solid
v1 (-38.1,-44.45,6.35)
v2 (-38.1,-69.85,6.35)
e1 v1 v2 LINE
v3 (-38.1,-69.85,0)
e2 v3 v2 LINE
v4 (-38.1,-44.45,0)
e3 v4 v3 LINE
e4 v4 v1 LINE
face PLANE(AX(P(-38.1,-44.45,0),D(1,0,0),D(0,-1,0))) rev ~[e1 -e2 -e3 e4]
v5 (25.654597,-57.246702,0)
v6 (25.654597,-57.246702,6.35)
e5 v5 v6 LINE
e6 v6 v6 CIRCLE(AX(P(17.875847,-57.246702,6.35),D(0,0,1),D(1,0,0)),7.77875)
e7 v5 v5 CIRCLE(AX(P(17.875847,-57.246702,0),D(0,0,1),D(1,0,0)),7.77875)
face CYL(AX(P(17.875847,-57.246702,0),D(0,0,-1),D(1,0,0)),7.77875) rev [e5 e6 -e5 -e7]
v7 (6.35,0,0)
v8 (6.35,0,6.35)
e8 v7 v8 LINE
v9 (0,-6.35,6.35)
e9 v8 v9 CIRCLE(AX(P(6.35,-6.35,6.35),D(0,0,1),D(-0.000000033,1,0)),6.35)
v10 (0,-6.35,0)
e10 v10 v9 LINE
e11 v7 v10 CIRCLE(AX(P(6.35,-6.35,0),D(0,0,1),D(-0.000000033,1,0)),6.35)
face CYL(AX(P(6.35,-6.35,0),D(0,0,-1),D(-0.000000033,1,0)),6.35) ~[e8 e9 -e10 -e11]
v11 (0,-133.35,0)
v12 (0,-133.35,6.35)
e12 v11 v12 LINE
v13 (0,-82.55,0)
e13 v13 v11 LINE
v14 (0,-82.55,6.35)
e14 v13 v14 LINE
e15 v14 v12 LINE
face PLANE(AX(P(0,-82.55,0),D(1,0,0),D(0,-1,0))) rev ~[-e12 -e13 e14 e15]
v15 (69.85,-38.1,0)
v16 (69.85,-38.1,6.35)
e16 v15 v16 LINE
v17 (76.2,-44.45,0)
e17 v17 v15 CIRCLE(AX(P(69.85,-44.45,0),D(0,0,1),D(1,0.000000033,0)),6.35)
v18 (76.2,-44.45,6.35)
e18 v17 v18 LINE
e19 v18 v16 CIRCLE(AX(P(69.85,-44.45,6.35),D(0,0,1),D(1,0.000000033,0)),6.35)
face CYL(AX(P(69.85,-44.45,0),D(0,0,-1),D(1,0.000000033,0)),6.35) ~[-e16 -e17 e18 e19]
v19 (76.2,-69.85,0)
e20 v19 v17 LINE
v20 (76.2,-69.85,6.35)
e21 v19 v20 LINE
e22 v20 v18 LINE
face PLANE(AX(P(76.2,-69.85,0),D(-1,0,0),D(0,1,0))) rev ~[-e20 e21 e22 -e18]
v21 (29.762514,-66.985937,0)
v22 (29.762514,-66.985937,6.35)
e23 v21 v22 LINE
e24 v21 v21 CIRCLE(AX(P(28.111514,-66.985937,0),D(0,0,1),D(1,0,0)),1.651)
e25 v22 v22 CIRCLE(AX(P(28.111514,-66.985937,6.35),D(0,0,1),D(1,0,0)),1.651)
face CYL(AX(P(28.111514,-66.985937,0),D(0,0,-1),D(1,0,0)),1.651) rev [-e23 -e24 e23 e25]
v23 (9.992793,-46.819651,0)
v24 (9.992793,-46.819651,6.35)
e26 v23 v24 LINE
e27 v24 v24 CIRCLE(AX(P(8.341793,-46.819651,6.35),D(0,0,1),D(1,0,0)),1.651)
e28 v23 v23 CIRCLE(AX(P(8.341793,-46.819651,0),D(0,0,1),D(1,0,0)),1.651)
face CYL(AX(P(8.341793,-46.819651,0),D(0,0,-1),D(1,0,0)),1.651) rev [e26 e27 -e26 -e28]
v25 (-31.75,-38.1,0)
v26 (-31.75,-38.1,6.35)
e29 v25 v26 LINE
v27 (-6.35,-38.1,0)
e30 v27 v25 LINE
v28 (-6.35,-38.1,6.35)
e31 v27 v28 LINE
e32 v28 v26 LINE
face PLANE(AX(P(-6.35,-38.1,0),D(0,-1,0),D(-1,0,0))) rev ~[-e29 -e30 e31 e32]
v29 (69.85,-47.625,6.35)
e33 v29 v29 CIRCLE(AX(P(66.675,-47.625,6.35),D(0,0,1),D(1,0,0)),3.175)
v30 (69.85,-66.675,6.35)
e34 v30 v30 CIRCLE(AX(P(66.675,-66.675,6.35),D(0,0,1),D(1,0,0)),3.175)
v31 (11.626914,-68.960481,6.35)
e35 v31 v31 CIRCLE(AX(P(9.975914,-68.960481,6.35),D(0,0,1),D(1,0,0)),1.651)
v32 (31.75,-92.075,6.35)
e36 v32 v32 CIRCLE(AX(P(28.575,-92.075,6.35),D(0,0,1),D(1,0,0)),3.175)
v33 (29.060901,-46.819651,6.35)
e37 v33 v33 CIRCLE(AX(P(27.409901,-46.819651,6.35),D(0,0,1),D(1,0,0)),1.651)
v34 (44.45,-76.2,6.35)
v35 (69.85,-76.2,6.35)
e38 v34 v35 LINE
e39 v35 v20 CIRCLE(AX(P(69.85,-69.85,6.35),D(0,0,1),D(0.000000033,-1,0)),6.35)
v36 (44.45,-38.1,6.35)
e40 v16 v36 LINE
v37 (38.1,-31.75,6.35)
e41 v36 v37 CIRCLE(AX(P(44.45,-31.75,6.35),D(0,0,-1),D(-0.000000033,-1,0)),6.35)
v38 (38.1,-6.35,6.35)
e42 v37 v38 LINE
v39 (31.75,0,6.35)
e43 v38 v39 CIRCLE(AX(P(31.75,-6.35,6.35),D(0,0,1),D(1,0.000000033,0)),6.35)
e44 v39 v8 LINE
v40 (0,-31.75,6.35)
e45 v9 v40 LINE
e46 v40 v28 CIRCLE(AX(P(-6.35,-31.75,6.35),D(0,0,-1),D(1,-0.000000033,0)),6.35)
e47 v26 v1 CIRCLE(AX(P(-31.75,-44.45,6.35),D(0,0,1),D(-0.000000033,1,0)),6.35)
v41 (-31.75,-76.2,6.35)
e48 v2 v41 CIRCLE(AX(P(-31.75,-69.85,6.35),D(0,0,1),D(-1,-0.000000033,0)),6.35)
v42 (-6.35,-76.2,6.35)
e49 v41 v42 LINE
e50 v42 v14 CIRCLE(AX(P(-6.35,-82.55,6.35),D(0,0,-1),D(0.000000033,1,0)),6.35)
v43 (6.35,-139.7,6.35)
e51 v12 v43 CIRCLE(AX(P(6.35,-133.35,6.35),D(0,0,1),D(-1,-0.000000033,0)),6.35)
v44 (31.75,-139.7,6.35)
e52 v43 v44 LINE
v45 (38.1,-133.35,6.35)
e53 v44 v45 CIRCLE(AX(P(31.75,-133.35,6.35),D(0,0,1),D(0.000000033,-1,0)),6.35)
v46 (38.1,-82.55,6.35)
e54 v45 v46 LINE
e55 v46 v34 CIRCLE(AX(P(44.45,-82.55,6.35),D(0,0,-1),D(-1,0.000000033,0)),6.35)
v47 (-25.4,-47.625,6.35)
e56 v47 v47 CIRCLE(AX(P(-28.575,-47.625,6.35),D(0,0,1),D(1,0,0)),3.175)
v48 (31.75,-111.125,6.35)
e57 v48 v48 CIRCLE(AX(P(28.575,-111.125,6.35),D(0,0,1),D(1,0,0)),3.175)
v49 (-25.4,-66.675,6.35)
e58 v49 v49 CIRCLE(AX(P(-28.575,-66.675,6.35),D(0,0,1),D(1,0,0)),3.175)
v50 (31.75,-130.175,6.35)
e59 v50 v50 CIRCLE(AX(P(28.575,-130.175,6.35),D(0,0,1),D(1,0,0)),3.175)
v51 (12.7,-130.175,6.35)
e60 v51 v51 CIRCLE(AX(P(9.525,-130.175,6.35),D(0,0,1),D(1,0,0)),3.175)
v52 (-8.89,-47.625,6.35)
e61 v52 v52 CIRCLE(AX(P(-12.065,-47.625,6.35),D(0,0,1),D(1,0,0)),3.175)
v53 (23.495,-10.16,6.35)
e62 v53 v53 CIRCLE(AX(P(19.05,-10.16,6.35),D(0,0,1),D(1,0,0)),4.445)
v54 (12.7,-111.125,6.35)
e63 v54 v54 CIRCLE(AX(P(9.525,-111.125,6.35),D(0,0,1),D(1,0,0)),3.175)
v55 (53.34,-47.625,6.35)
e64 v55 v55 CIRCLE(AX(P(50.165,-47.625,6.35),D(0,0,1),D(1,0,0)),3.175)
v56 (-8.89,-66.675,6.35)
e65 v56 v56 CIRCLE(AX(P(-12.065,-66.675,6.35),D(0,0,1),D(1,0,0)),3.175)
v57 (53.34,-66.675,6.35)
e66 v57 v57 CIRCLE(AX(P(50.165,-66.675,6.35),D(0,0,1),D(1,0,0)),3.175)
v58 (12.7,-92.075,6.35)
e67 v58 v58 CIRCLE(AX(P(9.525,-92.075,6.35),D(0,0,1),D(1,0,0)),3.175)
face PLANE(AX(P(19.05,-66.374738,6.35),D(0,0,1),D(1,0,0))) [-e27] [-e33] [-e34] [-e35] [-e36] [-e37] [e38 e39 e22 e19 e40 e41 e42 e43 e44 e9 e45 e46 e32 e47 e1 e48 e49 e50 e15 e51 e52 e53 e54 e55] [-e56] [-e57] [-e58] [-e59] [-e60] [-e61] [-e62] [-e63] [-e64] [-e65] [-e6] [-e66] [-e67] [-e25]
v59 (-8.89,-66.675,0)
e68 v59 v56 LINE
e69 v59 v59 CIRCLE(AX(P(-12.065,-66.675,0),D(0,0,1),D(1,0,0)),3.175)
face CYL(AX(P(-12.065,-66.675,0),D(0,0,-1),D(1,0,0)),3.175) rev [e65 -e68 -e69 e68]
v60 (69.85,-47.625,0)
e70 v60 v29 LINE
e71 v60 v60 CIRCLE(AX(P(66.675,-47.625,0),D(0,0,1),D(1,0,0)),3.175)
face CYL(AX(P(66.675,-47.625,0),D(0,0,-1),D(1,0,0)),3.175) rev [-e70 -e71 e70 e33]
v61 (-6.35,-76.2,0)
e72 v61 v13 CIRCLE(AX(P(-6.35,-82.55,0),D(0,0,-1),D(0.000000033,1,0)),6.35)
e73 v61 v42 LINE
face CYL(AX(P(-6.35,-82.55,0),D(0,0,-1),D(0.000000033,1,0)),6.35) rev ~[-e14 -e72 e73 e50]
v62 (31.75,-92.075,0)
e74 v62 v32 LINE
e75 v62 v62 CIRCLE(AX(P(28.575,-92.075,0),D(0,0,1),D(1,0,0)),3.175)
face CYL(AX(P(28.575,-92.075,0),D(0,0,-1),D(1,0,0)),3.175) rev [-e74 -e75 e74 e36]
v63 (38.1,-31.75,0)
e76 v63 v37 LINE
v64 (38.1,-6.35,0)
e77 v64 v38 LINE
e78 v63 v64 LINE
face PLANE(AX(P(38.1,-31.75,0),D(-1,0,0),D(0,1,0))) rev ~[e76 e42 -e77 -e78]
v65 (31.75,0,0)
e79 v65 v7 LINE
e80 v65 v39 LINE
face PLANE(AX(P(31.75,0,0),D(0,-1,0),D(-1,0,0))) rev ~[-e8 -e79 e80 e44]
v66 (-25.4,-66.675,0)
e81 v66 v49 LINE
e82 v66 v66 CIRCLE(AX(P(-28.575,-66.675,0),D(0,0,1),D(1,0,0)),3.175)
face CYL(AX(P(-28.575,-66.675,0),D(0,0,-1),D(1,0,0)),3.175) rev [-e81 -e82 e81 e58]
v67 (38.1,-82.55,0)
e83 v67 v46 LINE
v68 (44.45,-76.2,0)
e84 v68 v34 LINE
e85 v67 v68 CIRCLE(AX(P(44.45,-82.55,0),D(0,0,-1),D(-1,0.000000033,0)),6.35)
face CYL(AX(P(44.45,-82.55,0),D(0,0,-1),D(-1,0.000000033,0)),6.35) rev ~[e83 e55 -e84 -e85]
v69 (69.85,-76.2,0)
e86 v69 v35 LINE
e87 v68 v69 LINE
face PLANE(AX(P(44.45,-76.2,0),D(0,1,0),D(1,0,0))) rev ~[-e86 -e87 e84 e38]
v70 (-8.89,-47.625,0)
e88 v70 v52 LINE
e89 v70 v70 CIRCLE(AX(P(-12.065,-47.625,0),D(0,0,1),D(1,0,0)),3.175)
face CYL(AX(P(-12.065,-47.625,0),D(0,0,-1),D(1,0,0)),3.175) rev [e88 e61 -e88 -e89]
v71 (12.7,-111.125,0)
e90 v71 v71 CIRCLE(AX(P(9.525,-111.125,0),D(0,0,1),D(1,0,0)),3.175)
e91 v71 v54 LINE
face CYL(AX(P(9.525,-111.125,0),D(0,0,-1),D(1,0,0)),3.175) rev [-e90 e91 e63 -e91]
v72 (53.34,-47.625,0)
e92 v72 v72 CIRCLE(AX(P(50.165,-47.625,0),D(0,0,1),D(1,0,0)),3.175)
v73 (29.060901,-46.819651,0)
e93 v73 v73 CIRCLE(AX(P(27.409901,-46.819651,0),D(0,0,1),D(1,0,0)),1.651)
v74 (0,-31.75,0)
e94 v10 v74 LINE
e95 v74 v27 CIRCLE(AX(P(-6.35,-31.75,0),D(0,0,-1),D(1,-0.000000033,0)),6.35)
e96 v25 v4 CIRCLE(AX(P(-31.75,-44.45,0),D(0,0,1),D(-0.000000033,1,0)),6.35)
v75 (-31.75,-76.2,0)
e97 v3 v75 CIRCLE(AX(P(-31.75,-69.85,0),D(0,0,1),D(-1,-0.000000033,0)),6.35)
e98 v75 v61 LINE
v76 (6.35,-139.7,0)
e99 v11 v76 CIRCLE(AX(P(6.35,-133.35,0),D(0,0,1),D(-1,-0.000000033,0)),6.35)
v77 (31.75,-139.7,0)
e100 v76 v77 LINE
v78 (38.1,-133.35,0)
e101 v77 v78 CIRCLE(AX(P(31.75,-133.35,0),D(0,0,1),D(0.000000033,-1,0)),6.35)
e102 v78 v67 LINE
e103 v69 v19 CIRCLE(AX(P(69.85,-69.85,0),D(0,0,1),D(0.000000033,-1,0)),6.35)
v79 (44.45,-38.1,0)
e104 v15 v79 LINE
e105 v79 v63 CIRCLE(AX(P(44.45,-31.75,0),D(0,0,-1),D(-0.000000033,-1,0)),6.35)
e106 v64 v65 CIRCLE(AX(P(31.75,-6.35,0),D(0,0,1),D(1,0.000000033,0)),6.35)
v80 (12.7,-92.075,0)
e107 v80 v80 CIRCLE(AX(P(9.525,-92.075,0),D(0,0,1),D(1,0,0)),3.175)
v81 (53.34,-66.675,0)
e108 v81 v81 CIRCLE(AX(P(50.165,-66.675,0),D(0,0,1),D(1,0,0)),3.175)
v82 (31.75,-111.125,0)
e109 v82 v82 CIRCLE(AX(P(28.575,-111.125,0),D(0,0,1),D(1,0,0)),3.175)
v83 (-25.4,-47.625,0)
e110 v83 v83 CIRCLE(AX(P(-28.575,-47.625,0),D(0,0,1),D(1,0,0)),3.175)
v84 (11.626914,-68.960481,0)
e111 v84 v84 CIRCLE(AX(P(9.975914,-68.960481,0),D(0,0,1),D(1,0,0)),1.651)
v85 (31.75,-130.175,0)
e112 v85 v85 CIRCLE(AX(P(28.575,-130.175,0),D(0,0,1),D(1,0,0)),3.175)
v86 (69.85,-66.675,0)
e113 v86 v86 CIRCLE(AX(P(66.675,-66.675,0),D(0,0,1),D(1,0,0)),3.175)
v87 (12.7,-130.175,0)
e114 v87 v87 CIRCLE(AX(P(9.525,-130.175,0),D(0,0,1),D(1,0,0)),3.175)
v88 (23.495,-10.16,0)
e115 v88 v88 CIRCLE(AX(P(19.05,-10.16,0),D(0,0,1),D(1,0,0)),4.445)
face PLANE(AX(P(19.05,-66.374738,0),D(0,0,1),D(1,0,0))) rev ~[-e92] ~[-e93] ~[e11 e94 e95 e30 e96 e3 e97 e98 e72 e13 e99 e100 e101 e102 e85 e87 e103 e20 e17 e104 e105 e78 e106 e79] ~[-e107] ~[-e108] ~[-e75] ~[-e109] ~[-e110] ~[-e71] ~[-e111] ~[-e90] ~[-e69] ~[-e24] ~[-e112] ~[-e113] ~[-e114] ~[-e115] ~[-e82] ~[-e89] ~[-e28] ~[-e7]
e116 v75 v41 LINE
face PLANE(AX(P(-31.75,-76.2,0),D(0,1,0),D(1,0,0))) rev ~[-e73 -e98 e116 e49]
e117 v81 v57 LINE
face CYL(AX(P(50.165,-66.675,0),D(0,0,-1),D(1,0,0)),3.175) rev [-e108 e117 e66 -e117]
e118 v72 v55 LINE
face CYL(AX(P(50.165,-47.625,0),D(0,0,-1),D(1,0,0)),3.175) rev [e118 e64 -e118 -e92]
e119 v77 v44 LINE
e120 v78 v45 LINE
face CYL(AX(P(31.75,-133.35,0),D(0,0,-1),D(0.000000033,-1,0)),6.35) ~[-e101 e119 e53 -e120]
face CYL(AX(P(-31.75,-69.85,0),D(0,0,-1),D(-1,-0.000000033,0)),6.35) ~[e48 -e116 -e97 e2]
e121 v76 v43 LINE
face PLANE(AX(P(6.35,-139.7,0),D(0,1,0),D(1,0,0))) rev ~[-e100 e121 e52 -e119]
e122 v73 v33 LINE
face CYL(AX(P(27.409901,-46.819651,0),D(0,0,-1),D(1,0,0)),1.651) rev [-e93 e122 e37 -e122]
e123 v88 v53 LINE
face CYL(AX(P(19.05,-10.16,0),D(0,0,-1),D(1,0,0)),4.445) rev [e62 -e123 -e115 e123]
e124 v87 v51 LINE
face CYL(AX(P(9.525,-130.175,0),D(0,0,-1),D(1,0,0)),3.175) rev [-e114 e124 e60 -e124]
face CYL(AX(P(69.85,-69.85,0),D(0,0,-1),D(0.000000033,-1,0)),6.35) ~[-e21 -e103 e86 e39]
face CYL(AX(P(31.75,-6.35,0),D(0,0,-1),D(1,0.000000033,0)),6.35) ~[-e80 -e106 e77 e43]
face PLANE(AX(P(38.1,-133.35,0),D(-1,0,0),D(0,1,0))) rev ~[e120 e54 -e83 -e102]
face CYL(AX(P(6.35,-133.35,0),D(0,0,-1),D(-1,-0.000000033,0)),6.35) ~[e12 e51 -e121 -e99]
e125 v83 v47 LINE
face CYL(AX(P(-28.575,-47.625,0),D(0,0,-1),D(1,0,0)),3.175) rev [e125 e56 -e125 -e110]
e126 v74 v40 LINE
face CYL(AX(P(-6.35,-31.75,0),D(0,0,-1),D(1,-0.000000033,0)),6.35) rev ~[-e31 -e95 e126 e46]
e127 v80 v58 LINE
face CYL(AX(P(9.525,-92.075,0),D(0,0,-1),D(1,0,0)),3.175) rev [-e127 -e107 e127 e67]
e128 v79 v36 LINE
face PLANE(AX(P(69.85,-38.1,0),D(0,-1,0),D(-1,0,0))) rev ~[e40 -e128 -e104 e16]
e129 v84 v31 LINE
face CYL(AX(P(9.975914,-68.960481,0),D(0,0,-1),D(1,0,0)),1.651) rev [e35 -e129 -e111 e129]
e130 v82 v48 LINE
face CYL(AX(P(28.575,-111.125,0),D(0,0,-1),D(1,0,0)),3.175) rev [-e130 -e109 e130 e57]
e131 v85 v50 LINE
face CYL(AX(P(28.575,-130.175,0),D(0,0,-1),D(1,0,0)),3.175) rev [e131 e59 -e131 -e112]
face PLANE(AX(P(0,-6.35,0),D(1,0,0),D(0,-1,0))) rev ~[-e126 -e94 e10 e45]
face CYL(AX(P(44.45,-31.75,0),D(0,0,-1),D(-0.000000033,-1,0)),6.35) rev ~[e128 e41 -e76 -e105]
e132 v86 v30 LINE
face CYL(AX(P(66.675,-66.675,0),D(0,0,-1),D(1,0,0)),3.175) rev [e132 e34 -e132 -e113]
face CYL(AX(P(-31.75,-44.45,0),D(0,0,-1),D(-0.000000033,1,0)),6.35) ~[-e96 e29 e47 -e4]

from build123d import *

# Parameters (mm, degrees)
F0_R     = 3.175
F0_R_2   = 1.651
F0_R_3   = 7.77875
F0_R_4   = 4.445
F1_DEPTH = 6.35


with BuildPart() as f1:
    # F0 (on Top) → F1 (new body)
    with BuildSketch(Plane.XY):
        with BuildLine():
            Line((31.75, 0), (6.35, 0))
            ThreePointArc((6.35, 0), (1.859872, -1.859872), (0, -6.35))
            Line((0, -6.35), (0, -31.75))
            ThreePointArc((0, -31.75), (-1.859872, -36.240128), (-6.35, -38.1))
            Line((-6.35, -38.1), (-31.75, -38.1))
            ThreePointArc((-31.75, -38.1), (-36.240128, -39.959872), (-38.1, -44.45))
            Line((-38.1, -44.45), (-38.1, -69.85))
            ThreePointArc((-38.1, -69.85), (-36.240128, -74.340128), (-31.75, -76.2))
            Line((-31.75, -76.2), (-6.35, -76.2))
            ThreePointArc((-6.35, -76.2), (-1.859872, -78.059872), (0, -82.55))
            Line((0, -82.55), (0, -133.35))
            ThreePointArc((0, -133.35), (1.859872, -137.840128), (6.35, -139.7))
            Line((6.35, -139.7), (31.75, -139.7))
            ThreePointArc((31.75, -139.7), (36.240128, -137.840128), (38.1, -133.35))
            Line((38.1, -133.35), (38.1, -82.55))
            ThreePointArc((38.1, -82.55), (39.959872, -78.059872), (44.45, -76.2))
            Line((44.45, -76.2), (69.85, -76.2))
            ThreePointArc((69.85, -76.2), (74.340128, -74.340128), (76.2, -69.85))
            Line((76.2, -69.85), (76.2, -44.45))
            ThreePointArc((76.2, -44.45), (74.340128, -39.959872), (69.85, -38.1))
            Line((69.85, -38.1), (44.45, -38.1))
            ThreePointArc((44.45, -38.1), (39.959872, -36.240128), (38.1, -31.75))
            Line((38.1, -31.75), (38.1, -6.35))
            ThreePointArc((38.1, -6.35), (36.240128, -1.859872), (31.75, 0))
        make_face()
        with Locations((9.525, -130.175)):
            Circle(F0_R, mode=Mode.SUBTRACT)
        with Locations((9.525, -111.125)):
            Circle(F0_R, mode=Mode.SUBTRACT)
        with Locations((9.525, -92.075)):
            Circle(F0_R, mode=Mode.SUBTRACT)
        with Locations((28.575, -130.175)):
            Circle(F0_R, mode=Mode.SUBTRACT)
        with Locations((28.575, -111.125)):
            Circle(F0_R, mode=Mode.SUBTRACT)
        with Locations((28.575, -92.075)):
            Circle(F0_R, mode=Mode.SUBTRACT)
        with Locations((-28.575, -66.675)):
            Circle(F0_R, mode=Mode.SUBTRACT)
        with Locations((-12.065, -66.675)):
            Circle(F0_R, mode=Mode.SUBTRACT)
        with Locations((-28.575, -47.625)):
            Circle(F0_R, mode=Mode.SUBTRACT)
        with Locations((-12.065, -47.625)):
            Circle(F0_R, mode=Mode.SUBTRACT)
        with Locations((9.975914, -68.960481)):
            Circle(F0_R_2, mode=Mode.SUBTRACT)
        with Locations((17.875847, -57.246702)):
            Circle(F0_R_3, mode=Mode.SUBTRACT)
        with Locations((8.341793, -46.819651)):
            Circle(F0_R_2, mode=Mode.SUBTRACT)
        with Locations((28.111514, -66.985937)):
            Circle(F0_R_2, mode=Mode.SUBTRACT)
        with Locations((27.409901, -46.819651)):
            Circle(F0_R_2, mode=Mode.SUBTRACT)
        with Locations((50.165, -66.675)):
            Circle(F0_R, mode=Mode.SUBTRACT)
        with Locations((66.675, -66.675)):
            Circle(F0_R, mode=Mode.SUBTRACT)
        with Locations((50.165, -47.625)):
            Circle(F0_R, mode=Mode.SUBTRACT)
        with Locations((66.675, -47.625)):
            Circle(F0_R, mode=Mode.SUBTRACT)
        with Locations((19.05, -10.16)):
            Circle(F0_R_4, mode=Mode.SUBTRACT)
    extrude(amount=F1_DEPTH)


solid = f1.part
